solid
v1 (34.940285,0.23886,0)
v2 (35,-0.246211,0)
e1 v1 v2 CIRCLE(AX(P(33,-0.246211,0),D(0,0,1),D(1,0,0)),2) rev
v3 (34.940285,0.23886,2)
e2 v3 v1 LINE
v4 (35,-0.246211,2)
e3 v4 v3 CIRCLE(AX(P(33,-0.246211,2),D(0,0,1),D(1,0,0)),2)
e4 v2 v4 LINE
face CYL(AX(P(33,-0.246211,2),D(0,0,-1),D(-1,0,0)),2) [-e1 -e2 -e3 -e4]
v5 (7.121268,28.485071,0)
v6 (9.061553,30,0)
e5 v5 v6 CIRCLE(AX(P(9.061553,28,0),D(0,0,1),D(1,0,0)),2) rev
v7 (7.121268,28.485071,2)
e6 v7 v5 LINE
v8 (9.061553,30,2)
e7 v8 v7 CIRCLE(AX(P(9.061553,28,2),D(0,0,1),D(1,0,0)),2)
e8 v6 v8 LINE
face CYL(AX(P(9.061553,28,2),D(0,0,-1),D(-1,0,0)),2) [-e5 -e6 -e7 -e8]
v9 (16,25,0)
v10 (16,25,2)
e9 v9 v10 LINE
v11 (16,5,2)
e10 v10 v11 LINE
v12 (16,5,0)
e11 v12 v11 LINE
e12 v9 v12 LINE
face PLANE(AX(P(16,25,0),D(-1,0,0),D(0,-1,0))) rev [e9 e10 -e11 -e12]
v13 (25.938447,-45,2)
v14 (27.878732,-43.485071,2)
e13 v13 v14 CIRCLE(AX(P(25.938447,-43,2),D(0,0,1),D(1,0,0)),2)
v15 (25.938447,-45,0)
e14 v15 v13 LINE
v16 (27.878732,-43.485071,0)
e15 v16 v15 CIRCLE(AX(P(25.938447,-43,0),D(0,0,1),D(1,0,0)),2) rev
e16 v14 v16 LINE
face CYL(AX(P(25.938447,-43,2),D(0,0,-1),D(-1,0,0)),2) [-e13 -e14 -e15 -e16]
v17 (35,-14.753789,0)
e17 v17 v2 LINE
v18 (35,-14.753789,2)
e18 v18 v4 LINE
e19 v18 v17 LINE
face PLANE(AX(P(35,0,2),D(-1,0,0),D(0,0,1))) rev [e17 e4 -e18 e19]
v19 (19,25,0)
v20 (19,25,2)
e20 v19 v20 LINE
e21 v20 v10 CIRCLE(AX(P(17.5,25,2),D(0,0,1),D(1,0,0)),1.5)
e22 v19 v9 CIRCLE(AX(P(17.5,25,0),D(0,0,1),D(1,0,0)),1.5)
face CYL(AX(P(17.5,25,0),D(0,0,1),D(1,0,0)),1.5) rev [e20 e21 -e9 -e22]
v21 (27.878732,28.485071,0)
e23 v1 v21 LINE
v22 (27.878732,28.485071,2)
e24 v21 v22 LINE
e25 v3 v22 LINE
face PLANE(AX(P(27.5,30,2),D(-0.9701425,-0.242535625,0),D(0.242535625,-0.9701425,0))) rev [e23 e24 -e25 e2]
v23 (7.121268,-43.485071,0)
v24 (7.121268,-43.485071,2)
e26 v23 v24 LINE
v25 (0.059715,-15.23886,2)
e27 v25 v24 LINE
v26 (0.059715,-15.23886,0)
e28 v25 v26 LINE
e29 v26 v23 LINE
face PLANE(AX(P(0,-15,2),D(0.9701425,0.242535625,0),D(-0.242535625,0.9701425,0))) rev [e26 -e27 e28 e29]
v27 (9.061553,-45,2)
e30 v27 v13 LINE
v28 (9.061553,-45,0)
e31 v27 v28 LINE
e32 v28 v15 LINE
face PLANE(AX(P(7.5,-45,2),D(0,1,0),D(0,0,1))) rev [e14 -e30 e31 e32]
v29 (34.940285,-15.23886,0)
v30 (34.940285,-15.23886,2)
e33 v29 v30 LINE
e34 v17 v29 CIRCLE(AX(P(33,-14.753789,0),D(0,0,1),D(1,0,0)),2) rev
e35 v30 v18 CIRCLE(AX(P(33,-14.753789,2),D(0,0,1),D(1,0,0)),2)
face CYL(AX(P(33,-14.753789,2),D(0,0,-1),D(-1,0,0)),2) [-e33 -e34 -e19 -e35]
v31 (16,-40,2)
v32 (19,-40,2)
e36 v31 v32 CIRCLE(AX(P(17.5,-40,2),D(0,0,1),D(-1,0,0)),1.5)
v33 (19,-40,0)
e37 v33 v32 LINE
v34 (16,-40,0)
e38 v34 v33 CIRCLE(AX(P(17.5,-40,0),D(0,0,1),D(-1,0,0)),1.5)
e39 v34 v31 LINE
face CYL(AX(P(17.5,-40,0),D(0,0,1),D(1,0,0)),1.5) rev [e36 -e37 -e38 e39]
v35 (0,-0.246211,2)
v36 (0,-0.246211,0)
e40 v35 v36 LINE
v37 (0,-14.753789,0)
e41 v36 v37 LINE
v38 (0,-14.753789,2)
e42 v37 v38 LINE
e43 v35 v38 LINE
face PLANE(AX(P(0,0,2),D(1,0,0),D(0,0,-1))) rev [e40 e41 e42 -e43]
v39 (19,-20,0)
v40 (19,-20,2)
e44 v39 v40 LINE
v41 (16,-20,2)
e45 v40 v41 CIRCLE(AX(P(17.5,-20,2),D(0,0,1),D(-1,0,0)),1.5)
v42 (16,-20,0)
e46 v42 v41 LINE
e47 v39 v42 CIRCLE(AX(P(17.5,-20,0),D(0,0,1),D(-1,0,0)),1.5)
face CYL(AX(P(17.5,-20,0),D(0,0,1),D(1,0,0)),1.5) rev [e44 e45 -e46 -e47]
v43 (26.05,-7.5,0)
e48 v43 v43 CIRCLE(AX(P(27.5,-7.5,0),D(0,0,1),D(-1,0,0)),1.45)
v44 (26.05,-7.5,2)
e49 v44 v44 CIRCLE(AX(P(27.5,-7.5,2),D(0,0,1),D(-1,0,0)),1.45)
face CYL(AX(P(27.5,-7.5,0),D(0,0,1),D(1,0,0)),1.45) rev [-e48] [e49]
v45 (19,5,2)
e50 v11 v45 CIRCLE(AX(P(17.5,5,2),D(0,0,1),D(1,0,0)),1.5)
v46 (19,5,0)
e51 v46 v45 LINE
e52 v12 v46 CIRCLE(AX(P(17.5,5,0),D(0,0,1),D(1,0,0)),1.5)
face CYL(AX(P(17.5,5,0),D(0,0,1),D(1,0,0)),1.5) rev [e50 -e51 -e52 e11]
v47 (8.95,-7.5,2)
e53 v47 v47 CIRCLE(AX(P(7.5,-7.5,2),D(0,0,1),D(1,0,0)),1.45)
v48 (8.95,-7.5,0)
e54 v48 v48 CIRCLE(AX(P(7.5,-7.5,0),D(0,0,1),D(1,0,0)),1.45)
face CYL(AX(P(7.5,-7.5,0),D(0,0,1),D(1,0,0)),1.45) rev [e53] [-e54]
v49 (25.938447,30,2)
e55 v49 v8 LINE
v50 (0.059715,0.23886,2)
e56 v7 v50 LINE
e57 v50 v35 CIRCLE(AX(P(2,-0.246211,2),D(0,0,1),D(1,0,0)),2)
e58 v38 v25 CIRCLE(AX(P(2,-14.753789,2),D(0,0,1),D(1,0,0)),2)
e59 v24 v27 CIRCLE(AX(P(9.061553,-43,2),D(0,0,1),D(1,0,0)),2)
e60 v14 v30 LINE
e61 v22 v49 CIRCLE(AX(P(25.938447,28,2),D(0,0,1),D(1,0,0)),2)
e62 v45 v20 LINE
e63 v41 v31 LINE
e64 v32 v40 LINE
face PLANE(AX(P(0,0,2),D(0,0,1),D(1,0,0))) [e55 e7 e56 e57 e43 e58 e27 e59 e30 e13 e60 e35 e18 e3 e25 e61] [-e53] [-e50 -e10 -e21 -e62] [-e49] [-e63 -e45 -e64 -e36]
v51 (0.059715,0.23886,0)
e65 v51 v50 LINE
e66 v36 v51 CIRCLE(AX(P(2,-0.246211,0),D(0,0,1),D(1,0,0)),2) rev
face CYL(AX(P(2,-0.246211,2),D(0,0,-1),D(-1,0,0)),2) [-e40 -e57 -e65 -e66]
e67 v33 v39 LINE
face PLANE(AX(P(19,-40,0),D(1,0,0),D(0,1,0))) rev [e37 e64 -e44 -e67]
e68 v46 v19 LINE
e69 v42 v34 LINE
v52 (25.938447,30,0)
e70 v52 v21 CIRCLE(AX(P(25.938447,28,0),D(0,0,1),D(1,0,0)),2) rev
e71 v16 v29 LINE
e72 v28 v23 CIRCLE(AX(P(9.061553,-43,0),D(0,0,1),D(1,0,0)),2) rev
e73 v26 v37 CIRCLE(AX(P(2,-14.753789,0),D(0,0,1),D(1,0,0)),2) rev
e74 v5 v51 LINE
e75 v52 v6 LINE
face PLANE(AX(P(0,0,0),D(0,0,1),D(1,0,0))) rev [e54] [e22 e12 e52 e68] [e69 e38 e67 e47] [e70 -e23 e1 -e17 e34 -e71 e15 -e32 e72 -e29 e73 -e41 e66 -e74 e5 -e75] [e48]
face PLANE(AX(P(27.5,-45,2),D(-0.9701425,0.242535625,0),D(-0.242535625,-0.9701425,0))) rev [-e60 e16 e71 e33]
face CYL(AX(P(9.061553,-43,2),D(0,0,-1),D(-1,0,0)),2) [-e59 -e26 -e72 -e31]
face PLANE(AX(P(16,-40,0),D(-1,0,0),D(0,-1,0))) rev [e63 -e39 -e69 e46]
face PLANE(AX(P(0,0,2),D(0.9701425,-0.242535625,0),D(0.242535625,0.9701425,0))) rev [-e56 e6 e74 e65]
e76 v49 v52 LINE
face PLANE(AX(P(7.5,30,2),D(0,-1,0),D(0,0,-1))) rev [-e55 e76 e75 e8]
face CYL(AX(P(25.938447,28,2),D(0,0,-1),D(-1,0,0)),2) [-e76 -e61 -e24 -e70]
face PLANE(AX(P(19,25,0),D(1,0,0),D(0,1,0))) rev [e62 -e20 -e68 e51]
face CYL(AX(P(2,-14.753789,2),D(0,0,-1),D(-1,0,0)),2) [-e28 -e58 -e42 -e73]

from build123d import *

# Parameters (mm, degrees)
EXTRUDE_1_DEPTH     = 2
SKETCH_2_R          = 1.45
CUT_EXTRUDE_1_DEPTH = 58.043842788
FILLET_1_R          = 2


with BuildPart() as part:
    # 草图1 → 凸台-拉伸1 (new body)
    with BuildSketch(Plane.XY):
        Polygon((0, 0), (7.5, 30), (27.5, 30), (35, 0), (35, -15), (27.5, -45), (7.5, -45), (0, -15), align=None)
    extrude(amount=EXTRUDE_1_DEPTH)

    # 草图2 → 切除-拉伸1 (cut, through all)
    with BuildSketch(Plane.XY.offset(2)):
        with Locations((7.5, -7.5)):
            Circle(SKETCH_2_R)
        with Locations(Location((27.5, -7.5, 0), (0, 0, 180))):
            Circle(SKETCH_2_R)
        with BuildLine():
            Line((19, 25), (19, 5))
            ThreePointArc((19, 5), (17.5, 3.5), (16, 5))
            Line((16, 5), (16, 25))
            ThreePointArc((16, 25), (17.5, 26.5), (19, 25))
        make_face()
        with BuildLine():
            Line((19, -40), (19, -20))
            ThreePointArc((19, -20), (17.5, -18.5), (16, -20))
            Line((16, -20), (16, -40))
            ThreePointArc((16, -40), (17.5, -41.5), (19, -40))
        make_face()
    extrude(amount=-CUT_EXTRUDE_1_DEPTH, mode=Mode.SUBTRACT)

    # 圆角1
    fillet_1_edges = [part.edges().sort_by_distance(p)[0] for p in [
        (0, 0, 1),
        (7.5, 30, 1),
        (27.5, 30, 1),
        (35, 0, 1),
        (35, -15, 1),
        (27.5, -45, 1),
        (7.5, -45, 1),
        (0, -15, 1),
    ]]
    fillet(fillet_1_edges, radius=FILLET_1_R)


solid = part.part
